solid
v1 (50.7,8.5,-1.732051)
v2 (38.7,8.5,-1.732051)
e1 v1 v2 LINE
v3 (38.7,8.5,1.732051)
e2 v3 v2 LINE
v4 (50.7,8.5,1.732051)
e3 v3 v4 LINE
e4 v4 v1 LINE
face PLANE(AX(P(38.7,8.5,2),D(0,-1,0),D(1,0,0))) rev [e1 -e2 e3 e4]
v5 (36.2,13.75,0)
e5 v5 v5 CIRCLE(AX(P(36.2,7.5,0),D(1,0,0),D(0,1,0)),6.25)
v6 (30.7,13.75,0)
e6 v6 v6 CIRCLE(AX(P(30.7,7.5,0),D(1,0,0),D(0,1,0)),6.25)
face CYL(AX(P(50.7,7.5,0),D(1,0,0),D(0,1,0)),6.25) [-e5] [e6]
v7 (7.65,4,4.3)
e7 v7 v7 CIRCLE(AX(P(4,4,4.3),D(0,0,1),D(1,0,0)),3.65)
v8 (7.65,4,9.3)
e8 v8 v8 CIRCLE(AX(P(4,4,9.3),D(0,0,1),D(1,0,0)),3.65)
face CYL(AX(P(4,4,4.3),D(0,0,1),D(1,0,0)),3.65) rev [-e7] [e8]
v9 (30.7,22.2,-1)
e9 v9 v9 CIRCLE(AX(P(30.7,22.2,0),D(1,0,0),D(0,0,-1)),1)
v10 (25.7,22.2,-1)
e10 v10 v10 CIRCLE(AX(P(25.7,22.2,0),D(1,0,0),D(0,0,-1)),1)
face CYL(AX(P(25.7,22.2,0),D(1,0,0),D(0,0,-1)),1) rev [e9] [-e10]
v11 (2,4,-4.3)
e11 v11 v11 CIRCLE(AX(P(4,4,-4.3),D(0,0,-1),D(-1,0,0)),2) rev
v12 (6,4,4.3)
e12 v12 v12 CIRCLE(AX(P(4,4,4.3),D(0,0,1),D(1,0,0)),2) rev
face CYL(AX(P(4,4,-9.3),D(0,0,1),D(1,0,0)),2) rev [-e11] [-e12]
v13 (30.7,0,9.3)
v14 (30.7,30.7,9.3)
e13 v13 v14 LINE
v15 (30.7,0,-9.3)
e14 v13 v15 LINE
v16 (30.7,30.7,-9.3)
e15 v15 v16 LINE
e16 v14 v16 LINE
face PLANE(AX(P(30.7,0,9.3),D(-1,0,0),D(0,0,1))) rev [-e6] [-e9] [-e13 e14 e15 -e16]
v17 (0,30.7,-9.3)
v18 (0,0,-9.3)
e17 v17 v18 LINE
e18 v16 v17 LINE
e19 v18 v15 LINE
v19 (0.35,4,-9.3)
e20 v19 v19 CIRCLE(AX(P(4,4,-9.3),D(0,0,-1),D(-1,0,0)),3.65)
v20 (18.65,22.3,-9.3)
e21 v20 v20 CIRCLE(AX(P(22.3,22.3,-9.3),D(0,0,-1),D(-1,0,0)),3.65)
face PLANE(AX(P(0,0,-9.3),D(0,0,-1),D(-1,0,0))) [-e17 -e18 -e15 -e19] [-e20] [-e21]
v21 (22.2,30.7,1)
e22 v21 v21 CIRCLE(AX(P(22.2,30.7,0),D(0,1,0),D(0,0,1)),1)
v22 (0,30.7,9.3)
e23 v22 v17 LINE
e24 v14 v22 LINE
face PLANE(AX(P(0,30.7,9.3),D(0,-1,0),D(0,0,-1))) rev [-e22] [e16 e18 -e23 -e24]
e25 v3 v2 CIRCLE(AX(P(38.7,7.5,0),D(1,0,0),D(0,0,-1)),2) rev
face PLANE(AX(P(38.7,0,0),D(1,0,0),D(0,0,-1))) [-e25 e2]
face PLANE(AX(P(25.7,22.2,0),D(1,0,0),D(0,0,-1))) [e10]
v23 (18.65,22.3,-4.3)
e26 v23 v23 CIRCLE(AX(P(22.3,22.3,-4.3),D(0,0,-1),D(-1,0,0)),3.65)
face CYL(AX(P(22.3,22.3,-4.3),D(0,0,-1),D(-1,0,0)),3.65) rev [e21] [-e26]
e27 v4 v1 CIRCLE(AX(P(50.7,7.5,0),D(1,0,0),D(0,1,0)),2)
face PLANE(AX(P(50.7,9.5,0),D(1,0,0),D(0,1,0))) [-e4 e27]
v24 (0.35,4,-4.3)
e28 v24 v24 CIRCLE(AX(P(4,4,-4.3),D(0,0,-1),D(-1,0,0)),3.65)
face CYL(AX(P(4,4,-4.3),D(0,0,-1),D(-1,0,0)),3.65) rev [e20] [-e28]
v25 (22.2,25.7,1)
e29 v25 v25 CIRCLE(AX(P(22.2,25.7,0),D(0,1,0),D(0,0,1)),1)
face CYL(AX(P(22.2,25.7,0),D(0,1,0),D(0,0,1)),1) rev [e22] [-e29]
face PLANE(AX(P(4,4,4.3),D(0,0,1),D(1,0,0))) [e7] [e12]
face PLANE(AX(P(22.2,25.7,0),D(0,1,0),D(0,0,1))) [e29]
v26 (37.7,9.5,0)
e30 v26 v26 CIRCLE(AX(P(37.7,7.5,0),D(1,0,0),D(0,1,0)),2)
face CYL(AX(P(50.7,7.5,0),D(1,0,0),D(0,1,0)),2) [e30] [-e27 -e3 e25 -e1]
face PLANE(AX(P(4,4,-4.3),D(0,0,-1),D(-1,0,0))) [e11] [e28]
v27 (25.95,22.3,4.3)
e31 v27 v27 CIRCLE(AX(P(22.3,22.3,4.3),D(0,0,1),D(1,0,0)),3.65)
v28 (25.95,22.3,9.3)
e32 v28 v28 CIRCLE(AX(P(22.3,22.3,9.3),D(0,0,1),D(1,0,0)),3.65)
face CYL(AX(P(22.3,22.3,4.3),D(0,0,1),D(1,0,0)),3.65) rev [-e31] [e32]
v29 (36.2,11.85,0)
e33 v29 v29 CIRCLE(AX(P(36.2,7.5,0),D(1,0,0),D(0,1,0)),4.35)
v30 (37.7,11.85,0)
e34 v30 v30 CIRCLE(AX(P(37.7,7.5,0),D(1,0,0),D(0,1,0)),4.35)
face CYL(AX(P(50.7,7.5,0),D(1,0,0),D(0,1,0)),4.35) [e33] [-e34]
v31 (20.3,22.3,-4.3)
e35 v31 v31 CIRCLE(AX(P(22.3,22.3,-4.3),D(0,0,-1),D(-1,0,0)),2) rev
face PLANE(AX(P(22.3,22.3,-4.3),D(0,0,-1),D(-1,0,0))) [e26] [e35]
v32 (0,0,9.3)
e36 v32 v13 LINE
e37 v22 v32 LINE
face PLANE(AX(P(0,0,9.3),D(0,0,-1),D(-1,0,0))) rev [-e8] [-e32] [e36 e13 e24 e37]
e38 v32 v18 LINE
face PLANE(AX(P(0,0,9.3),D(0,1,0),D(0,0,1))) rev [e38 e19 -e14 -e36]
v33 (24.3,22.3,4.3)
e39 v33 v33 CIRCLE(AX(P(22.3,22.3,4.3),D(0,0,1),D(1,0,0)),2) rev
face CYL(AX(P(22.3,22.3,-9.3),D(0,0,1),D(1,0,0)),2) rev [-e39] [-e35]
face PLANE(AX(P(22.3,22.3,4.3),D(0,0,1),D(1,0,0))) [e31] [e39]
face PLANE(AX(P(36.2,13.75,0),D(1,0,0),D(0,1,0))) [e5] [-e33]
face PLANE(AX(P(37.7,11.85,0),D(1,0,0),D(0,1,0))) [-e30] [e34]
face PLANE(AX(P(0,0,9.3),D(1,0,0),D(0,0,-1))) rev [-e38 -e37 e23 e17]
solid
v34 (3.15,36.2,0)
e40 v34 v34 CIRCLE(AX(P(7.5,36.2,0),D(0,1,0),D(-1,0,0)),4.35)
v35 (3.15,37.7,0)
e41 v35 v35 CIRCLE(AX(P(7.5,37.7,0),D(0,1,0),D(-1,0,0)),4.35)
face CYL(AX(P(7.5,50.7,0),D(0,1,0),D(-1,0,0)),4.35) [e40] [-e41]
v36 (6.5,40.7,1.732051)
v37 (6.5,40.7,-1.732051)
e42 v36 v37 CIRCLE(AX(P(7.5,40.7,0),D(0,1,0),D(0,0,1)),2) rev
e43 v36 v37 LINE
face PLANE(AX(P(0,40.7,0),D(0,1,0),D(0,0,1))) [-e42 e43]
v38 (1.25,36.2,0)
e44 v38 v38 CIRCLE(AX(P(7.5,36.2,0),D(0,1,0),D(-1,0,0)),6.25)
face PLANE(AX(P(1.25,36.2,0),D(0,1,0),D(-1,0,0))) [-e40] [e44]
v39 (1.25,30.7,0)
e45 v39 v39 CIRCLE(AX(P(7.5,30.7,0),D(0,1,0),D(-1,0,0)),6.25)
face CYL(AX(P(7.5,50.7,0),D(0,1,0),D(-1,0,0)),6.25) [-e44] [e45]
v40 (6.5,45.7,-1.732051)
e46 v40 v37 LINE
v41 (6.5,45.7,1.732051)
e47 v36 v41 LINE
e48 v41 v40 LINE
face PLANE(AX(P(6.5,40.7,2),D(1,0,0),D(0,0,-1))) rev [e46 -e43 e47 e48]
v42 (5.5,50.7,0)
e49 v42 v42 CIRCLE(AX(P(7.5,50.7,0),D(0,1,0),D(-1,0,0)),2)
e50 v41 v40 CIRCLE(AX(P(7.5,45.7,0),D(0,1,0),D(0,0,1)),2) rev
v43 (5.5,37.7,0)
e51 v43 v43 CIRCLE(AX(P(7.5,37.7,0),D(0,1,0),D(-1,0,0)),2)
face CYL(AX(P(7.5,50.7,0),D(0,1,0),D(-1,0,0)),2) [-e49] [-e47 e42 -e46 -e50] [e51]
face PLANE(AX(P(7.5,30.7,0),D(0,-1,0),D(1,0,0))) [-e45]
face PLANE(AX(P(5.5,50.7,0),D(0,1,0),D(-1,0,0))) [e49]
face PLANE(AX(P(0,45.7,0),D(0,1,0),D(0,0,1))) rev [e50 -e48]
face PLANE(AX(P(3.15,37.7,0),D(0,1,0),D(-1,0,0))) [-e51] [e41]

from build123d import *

# Parameters (mm, degrees)
ESQUISSE1_W             = 30.7
ESQUISSE1_H             = 30.7
BOSS_EXTRU_1_DEPTH      = 9.3
ESQUISSE2_R             = 2
ENL_V_MAT_EXTRU_1_DEPTH = 19.6
ESQUISSE3_R             = 3.65
ENL_V_MAT_EXTRU_2_DEPTH = 5
ESQUISSE4_R             = 3.65
ENL_V_MAT_EXTRU_3_DEPTH = 5
ESQUISSE9_W             = 1
ESQUISSE9_H             = 4
ENL_V_MAT_EXTRU_4_DEPTH = 5
ESQUISSE10_W            = 4
ESQUISSE10_H            = 1
ENL_V_MAT_EXTRU_5_DEPTH = 12
ESQUISSE11_R            = 1
ENL_V_MAT_EXTRU_6_DEPTH = 5
ESQUISSE13_R            = 1
ENL_V_MAT_EXTRU_7_DEPTH = 5


with BuildPart() as part:
    # Esquisse1 → Boss.-Extru.1 (new body, symmetric)
    with BuildSketch(Plane.XY):
        with Locations((15.35, 15.35)):
            Rectangle(ESQUISSE1_W, ESQUISSE1_H)
    extrude(amount=BOSS_EXTRU_1_DEPTH, both=True)

    # Esquisse2 → Enlèv. mat.-Extru.1 (cut, through all)
    with BuildSketch(Plane.XY.offset(9.3)):
        with Locations((4, 4)):
            Circle(ESQUISSE2_R)
        with Locations((22.3, 22.3)):
            Circle(ESQUISSE2_R)
    extrude(amount=-ENL_V_MAT_EXTRU_1_DEPTH, mode=Mode.SUBTRACT)

    # Esquisse3 → Enlèv. mat.-Extru.2 (cut)
    with BuildSketch(Plane.XY.offset(9.3)):
        with Locations((4, 4)):
            Circle(ESQUISSE3_R)
        with Locations((22.3, 22.3)):
            Circle(ESQUISSE3_R)
    extrude(amount=-ENL_V_MAT_EXTRU_2_DEPTH, mode=Mode.SUBTRACT)

    # Esquisse4 → Enlèv. mat.-Extru.3 (cut)
    with BuildSketch(Plane(origin=(0, 0, -9.3), x_dir=(-1, 0, 0), z_dir=(0, 0, -1))):
        with Locations((-4, 4)):
            Circle(ESQUISSE4_R)
        with Locations((-22.3, 22.3)):
            Circle(ESQUISSE4_R)
    extrude(amount=-ENL_V_MAT_EXTRU_3_DEPTH, mode=Mode.SUBTRACT)

    # Esquisse6 → Révolution1 (revolve)
    with BuildSketch(Plane.XY):
        Polygon((30.7, 13.75), (36.2, 13.75), (36.2, 11.85), (37.7, 11.85), (37.7, 9.5), (50.7, 9.5), (50.7, 7.5), (30.7, 7.5), align=None)
    revolve(axis=Axis((50.7, 7.5, 0), (-1, 0, 0)))

    # Esquisse10 → Enlèv. mat.-Extru.5 (cut)
    with BuildSketch(Plane(origin=(50.7, 0, 0), x_dir=(0, 0, -1), z_dir=(1, 0, 0))):
        with Locations((0, 9)):
            Rectangle(ESQUISSE10_W, ESQUISSE10_H)
    extrude(amount=-ENL_V_MAT_EXTRU_5_DEPTH, mode=Mode.SUBTRACT)

    # Esquisse11 → Enlèv. mat.-Extru.6 (cut)
    with BuildSketch(Plane(origin=(30.7, 0, 0), x_dir=(0, 0, -1), z_dir=(1, 0, 0))):
        with Locations((0, 22.2)):
            Circle(ESQUISSE11_R)
    extrude(amount=-ENL_V_MAT_EXTRU_6_DEPTH, mode=Mode.SUBTRACT)

    # Esquisse13 → Enlèv. mat.-Extru.7 (cut)
    with BuildSketch(Plane(origin=(0, 30.7, 0), x_dir=(1, 0, 0), z_dir=(0, 1, 0))):
        with Locations((22.2, 0)):
            Circle(ESQUISSE13_R)
    extrude(amount=-ENL_V_MAT_EXTRU_7_DEPTH, mode=Mode.SUBTRACT)


with BuildPart() as body_2:
    # Esquisse8 → Révolution2 (revolve)
    with BuildSketch(Plane.XY):
        Polygon((1.25, 30.7), (1.25, 36.2), (3.15, 36.2), (3.15, 37.7), (5.5, 37.7), (5.5, 50.7), (7.5, 50.7), (7.5, 30.7), align=None)
    revolve(axis=Axis((7.5, 50.7, 0), (0, -1, 0)))

    # Esquisse9 → Enlèv. mat.-Extru.4 (cut)
    with BuildSketch(Plane(origin=(0, 45.7, 0), x_dir=(1, 0, 0), z_dir=(0, 1, 0))):
        with Locations((6, 0)):
            Rectangle(ESQUISSE9_W, ESQUISSE9_H)
    extrude(amount=-ENL_V_MAT_EXTRU_4_DEPTH, mode=Mode.SUBTRACT)


solid = Compound([part.part, body_2.part])
